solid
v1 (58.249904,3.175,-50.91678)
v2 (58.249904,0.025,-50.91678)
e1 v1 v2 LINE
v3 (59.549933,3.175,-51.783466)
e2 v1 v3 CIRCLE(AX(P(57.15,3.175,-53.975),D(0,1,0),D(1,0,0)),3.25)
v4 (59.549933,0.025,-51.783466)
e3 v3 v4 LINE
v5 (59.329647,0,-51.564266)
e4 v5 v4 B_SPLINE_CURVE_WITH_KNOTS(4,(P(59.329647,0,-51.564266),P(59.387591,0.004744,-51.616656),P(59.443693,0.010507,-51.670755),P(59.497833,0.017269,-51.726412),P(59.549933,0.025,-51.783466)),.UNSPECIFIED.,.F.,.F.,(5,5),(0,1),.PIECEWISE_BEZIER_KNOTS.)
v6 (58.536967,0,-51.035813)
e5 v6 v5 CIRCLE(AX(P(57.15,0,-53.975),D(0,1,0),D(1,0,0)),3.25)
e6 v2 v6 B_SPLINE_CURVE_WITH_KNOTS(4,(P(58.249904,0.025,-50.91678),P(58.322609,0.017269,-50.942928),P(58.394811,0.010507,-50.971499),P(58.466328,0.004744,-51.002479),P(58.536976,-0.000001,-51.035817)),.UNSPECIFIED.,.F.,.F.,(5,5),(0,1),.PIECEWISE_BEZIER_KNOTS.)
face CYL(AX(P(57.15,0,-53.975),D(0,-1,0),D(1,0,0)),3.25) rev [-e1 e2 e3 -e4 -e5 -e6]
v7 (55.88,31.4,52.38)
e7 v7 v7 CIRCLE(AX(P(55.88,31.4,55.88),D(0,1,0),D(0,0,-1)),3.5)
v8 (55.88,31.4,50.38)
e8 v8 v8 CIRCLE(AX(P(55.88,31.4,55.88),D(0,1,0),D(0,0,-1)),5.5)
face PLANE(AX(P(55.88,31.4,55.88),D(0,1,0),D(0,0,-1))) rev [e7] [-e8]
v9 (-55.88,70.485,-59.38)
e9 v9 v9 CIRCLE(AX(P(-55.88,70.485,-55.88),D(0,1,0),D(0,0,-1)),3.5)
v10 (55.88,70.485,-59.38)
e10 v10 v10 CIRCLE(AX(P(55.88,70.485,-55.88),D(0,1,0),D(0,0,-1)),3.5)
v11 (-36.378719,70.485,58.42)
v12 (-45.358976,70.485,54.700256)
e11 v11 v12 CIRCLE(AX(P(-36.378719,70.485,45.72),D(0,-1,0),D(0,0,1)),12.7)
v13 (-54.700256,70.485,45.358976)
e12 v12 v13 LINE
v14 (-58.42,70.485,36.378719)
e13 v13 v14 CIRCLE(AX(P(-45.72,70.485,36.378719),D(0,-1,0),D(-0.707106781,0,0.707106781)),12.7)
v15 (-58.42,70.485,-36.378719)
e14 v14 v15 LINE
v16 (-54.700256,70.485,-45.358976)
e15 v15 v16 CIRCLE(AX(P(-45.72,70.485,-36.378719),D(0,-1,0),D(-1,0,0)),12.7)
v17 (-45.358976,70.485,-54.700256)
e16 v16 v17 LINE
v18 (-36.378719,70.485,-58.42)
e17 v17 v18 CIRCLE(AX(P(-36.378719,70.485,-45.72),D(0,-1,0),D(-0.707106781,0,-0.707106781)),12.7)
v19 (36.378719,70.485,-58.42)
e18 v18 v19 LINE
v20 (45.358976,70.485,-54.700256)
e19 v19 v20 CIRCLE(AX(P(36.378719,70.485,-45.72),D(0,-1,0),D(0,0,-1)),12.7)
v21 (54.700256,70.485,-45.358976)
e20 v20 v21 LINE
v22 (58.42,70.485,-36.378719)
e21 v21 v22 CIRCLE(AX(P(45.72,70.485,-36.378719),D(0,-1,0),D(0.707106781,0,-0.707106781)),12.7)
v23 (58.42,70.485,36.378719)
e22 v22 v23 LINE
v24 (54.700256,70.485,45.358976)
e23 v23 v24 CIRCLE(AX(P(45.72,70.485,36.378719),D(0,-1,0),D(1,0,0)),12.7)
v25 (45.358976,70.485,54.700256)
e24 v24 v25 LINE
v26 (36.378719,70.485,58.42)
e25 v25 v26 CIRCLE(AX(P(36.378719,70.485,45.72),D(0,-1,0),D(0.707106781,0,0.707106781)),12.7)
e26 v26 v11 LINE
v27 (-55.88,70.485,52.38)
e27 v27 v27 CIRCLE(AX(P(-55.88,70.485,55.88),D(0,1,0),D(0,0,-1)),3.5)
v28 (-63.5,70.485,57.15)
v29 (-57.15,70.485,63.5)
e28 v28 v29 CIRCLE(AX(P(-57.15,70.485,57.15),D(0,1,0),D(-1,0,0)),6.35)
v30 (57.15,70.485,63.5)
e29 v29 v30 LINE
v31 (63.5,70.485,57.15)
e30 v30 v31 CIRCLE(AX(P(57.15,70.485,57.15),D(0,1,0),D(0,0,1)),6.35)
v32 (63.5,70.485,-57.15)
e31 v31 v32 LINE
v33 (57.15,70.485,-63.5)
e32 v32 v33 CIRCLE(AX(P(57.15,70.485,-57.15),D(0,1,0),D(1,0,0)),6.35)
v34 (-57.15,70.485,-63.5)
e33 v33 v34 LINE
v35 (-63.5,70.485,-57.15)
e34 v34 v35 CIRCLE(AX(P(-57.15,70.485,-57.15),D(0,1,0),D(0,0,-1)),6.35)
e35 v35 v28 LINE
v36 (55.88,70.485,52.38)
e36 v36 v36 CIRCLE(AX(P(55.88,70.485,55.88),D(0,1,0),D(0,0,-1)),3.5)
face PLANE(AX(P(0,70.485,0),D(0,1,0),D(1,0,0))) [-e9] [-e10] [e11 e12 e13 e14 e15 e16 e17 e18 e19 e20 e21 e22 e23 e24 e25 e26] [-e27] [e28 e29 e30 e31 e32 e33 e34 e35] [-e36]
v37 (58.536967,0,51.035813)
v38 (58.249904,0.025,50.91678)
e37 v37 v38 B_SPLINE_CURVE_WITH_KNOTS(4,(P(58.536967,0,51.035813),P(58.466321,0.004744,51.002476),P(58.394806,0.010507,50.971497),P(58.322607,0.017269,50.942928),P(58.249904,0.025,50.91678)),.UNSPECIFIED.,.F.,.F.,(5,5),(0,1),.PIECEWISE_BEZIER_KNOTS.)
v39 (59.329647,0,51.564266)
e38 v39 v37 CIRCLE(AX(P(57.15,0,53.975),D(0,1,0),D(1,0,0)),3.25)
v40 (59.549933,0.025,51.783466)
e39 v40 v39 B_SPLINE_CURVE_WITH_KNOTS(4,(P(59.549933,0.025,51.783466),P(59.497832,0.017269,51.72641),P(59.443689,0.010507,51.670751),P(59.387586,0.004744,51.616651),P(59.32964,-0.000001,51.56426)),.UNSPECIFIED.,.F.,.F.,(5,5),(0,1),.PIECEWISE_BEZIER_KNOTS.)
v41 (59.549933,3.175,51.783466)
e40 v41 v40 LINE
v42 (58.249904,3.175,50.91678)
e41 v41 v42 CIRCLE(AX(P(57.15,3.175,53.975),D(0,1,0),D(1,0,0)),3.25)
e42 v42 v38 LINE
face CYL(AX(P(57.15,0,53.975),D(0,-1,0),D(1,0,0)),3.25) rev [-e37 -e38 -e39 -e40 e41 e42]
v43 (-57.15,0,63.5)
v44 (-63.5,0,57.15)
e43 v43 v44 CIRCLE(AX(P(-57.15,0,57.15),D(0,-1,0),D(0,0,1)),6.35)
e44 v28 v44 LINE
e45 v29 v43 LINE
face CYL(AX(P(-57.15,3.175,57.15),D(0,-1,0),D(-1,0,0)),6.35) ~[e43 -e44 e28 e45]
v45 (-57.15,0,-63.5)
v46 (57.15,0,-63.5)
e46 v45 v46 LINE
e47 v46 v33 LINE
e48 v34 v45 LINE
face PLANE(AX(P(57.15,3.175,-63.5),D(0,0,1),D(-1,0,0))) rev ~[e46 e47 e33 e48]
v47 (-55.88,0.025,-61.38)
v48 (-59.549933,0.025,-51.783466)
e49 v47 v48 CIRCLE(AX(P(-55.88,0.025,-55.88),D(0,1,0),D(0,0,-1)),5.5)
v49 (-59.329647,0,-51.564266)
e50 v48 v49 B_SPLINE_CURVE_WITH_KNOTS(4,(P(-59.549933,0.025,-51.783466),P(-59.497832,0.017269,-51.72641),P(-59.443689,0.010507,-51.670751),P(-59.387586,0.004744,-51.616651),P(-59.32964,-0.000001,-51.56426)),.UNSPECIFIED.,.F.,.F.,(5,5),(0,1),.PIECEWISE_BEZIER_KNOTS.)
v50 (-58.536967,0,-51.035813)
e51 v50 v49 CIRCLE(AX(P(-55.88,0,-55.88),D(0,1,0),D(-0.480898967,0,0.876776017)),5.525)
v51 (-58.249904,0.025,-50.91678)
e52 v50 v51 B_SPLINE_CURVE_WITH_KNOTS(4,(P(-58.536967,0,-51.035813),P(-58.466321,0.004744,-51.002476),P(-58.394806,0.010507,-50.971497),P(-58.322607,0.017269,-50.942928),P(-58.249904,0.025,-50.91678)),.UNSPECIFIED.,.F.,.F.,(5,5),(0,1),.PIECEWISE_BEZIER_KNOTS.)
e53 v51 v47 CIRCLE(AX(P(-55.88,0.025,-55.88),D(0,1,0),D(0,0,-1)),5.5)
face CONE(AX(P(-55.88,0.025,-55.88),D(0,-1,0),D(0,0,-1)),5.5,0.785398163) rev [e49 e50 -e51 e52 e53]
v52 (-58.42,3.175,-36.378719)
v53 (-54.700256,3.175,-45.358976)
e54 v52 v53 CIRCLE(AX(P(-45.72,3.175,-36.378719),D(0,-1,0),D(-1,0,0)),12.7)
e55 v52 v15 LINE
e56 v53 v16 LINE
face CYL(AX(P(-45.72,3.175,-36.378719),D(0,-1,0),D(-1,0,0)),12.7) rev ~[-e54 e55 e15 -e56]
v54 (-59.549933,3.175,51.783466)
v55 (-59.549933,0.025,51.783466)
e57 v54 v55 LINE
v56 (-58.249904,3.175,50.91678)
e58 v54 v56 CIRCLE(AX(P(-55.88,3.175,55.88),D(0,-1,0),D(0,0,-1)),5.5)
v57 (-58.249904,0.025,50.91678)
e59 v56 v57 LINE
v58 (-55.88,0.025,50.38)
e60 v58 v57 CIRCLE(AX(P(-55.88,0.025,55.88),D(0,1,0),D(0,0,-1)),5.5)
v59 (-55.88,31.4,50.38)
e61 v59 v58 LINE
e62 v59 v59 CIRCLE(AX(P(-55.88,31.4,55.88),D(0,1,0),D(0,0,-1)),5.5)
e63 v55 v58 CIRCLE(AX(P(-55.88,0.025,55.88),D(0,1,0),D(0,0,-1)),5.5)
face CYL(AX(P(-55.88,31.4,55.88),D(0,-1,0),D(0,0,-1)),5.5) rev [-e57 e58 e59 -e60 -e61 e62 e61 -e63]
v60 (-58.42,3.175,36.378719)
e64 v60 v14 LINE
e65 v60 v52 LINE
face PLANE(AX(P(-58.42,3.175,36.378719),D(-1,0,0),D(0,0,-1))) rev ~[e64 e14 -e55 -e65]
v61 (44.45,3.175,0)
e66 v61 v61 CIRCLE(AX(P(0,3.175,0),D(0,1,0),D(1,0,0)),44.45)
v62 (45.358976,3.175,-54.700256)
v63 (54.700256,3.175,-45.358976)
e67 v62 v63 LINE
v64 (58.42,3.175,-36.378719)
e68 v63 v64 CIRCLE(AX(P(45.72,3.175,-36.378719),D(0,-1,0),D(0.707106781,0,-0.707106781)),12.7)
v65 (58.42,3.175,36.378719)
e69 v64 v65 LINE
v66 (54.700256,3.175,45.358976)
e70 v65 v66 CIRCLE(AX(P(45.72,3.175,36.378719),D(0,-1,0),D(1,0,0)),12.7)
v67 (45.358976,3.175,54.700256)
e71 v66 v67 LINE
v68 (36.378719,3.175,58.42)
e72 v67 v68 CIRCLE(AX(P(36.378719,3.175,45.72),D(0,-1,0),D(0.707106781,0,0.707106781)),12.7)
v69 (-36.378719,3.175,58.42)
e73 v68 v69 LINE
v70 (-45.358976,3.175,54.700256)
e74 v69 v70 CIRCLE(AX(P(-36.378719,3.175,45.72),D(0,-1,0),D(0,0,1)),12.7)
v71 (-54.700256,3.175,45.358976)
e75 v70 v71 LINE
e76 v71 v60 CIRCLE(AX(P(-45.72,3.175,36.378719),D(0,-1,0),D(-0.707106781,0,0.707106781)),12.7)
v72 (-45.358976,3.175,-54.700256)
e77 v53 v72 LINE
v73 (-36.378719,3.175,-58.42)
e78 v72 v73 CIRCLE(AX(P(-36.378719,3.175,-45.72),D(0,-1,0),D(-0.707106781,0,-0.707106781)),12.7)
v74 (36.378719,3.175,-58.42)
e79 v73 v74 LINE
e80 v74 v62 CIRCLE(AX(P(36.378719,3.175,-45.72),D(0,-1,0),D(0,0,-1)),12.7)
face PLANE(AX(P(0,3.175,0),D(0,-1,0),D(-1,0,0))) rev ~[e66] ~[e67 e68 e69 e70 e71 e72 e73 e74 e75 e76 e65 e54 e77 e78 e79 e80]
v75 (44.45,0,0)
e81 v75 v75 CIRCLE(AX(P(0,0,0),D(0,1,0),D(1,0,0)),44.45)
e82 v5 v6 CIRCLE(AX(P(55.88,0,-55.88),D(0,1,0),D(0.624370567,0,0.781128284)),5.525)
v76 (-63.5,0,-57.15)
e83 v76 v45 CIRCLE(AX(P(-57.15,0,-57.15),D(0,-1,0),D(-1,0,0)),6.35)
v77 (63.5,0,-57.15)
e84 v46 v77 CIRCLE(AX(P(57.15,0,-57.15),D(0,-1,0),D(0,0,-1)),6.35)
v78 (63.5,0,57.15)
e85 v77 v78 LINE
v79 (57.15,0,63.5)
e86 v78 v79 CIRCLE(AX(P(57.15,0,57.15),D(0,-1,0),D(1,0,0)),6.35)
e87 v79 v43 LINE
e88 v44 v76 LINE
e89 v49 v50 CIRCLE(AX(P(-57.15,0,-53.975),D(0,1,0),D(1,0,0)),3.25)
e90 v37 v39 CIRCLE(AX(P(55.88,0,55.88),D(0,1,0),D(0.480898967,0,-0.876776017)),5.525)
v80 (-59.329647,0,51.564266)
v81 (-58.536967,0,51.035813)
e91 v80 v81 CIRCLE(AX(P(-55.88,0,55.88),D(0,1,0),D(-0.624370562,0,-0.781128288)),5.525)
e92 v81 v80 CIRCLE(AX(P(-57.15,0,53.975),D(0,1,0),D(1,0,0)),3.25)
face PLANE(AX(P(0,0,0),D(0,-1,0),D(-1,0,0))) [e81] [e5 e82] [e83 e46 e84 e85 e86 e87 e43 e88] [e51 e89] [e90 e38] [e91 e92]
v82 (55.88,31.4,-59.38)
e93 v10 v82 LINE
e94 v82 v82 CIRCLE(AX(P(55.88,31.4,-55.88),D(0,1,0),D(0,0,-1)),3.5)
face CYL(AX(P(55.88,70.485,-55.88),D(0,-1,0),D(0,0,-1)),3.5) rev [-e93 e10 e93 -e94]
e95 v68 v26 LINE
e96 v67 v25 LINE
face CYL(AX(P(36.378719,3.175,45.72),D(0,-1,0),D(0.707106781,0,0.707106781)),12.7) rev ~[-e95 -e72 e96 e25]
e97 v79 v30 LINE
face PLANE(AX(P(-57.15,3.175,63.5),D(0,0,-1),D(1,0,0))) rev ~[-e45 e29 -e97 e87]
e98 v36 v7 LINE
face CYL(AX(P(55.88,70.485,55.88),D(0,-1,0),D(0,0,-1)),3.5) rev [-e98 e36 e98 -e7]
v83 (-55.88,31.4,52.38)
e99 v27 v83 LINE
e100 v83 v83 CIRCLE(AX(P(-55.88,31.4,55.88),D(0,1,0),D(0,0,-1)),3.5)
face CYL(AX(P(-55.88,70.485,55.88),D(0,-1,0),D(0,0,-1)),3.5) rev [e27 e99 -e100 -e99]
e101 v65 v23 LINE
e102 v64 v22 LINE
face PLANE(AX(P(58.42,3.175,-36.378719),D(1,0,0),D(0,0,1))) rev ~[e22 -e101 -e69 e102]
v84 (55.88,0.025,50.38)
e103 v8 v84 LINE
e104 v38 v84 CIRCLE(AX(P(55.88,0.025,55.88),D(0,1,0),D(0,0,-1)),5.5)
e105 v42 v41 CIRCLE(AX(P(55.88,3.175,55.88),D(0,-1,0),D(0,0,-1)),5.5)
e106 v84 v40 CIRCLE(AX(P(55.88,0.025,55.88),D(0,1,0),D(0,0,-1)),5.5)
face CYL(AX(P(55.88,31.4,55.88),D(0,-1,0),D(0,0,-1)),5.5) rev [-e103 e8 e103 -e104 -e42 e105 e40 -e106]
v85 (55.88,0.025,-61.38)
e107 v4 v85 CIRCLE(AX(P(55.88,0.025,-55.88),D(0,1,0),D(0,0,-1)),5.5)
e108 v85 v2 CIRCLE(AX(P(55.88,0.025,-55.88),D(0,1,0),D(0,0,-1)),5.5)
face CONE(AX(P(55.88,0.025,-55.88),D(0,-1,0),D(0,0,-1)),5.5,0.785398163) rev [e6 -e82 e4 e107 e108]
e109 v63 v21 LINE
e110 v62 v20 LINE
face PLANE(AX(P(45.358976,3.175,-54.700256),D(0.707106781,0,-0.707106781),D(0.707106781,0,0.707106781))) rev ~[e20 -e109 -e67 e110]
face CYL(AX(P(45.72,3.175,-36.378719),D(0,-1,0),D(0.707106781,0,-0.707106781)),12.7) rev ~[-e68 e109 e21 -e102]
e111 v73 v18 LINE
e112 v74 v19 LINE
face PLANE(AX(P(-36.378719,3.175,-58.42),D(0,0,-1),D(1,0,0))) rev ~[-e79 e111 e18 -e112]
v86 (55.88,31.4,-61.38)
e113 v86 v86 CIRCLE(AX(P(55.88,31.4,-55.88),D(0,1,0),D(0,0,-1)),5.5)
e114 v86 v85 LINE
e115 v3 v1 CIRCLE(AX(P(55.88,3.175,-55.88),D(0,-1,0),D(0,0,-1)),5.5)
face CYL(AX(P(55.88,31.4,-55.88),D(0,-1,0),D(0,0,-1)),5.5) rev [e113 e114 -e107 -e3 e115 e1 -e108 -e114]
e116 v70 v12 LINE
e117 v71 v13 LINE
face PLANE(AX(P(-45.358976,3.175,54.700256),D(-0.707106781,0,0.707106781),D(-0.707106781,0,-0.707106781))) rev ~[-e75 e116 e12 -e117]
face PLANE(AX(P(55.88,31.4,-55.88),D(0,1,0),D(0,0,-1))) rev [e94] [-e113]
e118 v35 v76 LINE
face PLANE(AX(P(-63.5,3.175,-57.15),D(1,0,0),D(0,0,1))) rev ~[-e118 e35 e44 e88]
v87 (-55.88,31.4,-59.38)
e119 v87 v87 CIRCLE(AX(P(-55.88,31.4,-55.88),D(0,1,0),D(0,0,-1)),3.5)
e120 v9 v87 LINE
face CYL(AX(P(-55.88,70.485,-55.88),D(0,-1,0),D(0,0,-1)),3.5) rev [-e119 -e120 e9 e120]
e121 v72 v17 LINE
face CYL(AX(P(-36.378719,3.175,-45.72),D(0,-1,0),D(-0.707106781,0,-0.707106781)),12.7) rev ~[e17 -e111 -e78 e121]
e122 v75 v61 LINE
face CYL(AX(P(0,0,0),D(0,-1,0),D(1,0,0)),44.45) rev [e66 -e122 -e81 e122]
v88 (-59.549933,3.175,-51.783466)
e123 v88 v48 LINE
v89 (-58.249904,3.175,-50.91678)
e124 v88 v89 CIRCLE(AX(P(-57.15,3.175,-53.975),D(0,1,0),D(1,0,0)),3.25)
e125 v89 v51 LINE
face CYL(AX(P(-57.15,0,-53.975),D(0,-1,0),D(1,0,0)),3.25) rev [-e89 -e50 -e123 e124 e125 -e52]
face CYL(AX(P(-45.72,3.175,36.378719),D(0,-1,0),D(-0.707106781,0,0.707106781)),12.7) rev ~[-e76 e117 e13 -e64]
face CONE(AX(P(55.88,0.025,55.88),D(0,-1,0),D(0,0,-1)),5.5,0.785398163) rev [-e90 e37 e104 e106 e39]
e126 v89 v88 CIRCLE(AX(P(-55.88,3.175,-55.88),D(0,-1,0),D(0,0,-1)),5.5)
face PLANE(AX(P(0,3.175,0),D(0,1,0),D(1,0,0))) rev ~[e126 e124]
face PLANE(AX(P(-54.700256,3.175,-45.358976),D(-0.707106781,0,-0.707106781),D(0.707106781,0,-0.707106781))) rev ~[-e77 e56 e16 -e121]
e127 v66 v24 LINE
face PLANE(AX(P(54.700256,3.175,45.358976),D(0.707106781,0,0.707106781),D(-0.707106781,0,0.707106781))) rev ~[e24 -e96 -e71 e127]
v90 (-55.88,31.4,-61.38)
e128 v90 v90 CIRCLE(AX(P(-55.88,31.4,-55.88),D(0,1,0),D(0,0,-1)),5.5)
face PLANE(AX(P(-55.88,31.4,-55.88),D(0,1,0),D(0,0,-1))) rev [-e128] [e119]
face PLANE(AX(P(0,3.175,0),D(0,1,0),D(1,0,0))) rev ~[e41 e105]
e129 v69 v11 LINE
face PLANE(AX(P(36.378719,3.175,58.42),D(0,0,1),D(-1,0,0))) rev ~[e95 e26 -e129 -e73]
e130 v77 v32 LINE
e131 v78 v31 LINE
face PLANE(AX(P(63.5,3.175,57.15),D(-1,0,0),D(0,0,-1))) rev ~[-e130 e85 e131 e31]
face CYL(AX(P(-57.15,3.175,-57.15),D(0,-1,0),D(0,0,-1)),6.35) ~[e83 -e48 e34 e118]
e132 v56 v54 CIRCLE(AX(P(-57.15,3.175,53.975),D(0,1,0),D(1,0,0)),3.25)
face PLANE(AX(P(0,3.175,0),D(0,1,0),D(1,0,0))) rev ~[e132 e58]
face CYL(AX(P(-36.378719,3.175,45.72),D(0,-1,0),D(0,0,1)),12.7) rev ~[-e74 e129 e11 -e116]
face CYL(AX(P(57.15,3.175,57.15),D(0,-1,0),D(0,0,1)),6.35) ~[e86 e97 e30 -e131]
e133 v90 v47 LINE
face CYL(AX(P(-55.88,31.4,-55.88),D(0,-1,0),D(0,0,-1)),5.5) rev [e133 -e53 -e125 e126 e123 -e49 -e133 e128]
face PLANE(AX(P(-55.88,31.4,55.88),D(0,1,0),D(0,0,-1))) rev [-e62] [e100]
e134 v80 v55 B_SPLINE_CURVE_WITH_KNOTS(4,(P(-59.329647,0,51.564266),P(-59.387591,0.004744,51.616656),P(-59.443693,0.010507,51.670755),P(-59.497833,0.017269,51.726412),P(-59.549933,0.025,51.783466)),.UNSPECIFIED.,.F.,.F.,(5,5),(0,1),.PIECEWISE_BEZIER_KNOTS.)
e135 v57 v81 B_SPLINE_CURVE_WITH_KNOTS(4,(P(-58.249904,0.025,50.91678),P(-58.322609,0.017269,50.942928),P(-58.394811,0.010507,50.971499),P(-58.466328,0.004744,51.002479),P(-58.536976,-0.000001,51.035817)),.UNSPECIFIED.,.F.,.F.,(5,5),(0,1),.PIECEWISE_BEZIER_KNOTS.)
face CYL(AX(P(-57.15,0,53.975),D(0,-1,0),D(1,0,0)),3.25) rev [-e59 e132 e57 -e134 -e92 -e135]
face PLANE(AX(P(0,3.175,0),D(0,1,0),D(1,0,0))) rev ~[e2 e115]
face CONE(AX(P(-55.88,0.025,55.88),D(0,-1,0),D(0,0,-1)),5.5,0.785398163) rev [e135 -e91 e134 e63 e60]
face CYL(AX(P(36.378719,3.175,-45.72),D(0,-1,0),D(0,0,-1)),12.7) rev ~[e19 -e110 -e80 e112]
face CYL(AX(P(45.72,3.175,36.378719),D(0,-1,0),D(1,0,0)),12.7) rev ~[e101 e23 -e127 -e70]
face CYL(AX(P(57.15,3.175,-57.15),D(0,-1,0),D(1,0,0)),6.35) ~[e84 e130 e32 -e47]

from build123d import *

# Parameters (mm, degrees)
SKETCH1_R                     = 44.45
SKETCH1_R_2                   = 3.25
BOSS_EXTRUDE1_DEPTH           = 3.175
BOSS_EXTRUDE2_DEPTH           = 67.31
CBORE_FOR_M6_SHCS2_AT_2_COUNT = 2
CBORE_FOR_M6_SHCS2_AT_2_PITCH = 111.76
CBORE_FOR_M6_SHCS2_AT_3_COUNT = 2
CBORE_FOR_M6_SHCS2_AT_3_PITCH = 158.052507731
CBORE_FOR_M6_SHCS2_AT_4_COUNT = 2
CBORE_FOR_M6_SHCS2_AT_4_PITCH = 111.76


with BuildPart() as part:
    # Sketch1 → Boss-Extrude1 (new body)
    with BuildSketch(Plane(origin=(0, 0, 0), x_dir=(1, 0, 0), z_dir=(0, 1, 0))):
        with BuildLine():
            Line((-57.15, 63.5), (57.15, 63.5))
            ThreePointArc((57.15, 63.5), (61.640128061, 61.640128061), (63.5, 57.15))
            Line((63.5, 57.15), (63.5, -57.15))
            ThreePointArc((63.5, -57.15), (61.640128061, -61.640128061), (57.15, -63.5))
            Line((57.15, -63.5), (-57.15, -63.5))
            ThreePointArc((-57.15, -63.5), (-61.640128061, -61.640128061), (-63.5, -57.15))
            Line((-63.5, -57.15), (-63.5, 57.15))
            ThreePointArc((-63.5, 57.15), (-61.640128061, 61.640128061), (-57.15, 63.5))
        make_face()
        Circle(SKETCH1_R, mode=Mode.SUBTRACT)
        with Locations((-57.15, 53.975)):
            Circle(SKETCH1_R_2, mode=Mode.SUBTRACT)
        with Locations((57.15, 53.975)):
            Circle(SKETCH1_R_2, mode=Mode.SUBTRACT)
        with Locations((57.15, -53.975)):
            Circle(SKETCH1_R_2, mode=Mode.SUBTRACT)
        with Locations((-57.15, -53.975)):
            Circle(SKETCH1_R_2, mode=Mode.SUBTRACT)
    extrude(amount=BOSS_EXTRUDE1_DEPTH)

    # Sketch3 → Boss-Extrude2 (add)
    with BuildSketch(Plane(origin=(0, 3.175, 0), x_dir=(1, 0, 0), z_dir=(0, 1, 0))):
        with BuildLine():
            Line((-57.15, -63.5), (57.15, -63.5))
            ThreePointArc((57.15, -63.5), (61.640128061, -61.640128061), (63.5, -57.15))
            Line((63.5, -57.15), (63.5, 57.15))
            ThreePointArc((63.5, 57.15), (61.640128061, 61.640128061), (57.15, 63.5))
            Line((57.15, 63.5), (-57.15, 63.5))
            ThreePointArc((-57.15, 63.5), (-61.640128061, 61.640128061), (-63.5, 57.15))
            Line((-63.5, 57.15), (-63.5, -57.15))
            ThreePointArc((-63.5, -57.15), (-61.640128061, -61.640128061), (-57.15, -63.5))
        make_face()
        with BuildLine():
            Line((-54.700256121, 45.358975516), (-45.358975516, 54.700256121))
            ThreePointArc((-45.358975516, 54.700256121), (-41.238798986, 57.453270063), (-36.378719395, 58.42))
            Line((-36.378719395, 58.42), (36.378719395, 58.42))
            ThreePointArc((36.378719395, 58.42), (41.238798986, 57.453270063), (45.358975516, 54.700256121))
            Line((45.358975516, 54.700256121), (54.700256121, 45.358975516))
            ThreePointArc((54.700256121, 45.358975516), (57.453270063, 41.238798986), (58.42, 36.378719395))
            Line((58.42, 36.378719395), (58.42, -36.378719395))
            ThreePointArc((58.42, -36.378719395), (57.453270063, -41.238798986), (54.700256121, -45.358975516))
            Line((54.700256121, -45.358975516), (45.358975516, -54.700256121))
            ThreePointArc((45.358975516, -54.700256121), (41.238798986, -57.453270063), (36.378719395, -58.42))
            Line((36.378719395, -58.42), (-36.378719395, -58.42))
            ThreePointArc((-36.378719395, -58.42), (-41.238798986, -57.453270063), (-45.358975516, -54.700256121))
            Line((-45.358975516, -54.700256121), (-54.700256121, -45.358975516))
            ThreePointArc((-54.700256121, -45.358975516), (-57.453270063, -41.238798986), (-58.42, -36.378719395))
            Line((-58.42, -36.378719395), (-58.42, 36.378719395))
            ThreePointArc((-58.42, 36.378719395), (-57.453270063, 41.238798986), (-54.700256121, 45.358975516))
        make_face(mode=Mode.SUBTRACT)
    extrude(amount=BOSS_EXTRUDE2_DEPTH)

    # Sketch9 → CBORE for M6 SHCS2 (revolve, cut)
    with BuildSketch(Plane(origin=(55.88, 0, -55.88), x_dir=(0, 0, -1), z_dir=(1, 0, 0))):
        Polygon((0, 0), (0, 70.485), (3.5, 70.485), (3.5, 31.4), (5.5, 31.4), (5.5, 0.025), (5.525, 0), align=None)
    cbore_for_m6_shcs2 = revolve(axis=Axis((55.88, -6.35, -55.88), (0, 1, 0)), mode=Mode.SUBTRACT)

    # CBORE for M6 SHCS2 at 2: CBORE for M6 SHCS2 ×2
    with Locations(*[(-i * CBORE_FOR_M6_SHCS2_AT_2_PITCH, 0, 0) for i in range(1, CBORE_FOR_M6_SHCS2_AT_2_COUNT)]):
        add(cbore_for_m6_shcs2, mode=Mode.SUBTRACT)

    # CBORE for M6 SHCS2 at 3: CBORE for M6 SHCS2 ×2
    with Locations(*[Vector(-0.707106781, 0, 0.707106781) * (i * CBORE_FOR_M6_SHCS2_AT_3_PITCH) for i in range(1, CBORE_FOR_M6_SHCS2_AT_3_COUNT)]):
        add(cbore_for_m6_shcs2, mode=Mode.SUBTRACT)

    # CBORE for M6 SHCS2 at 4: CBORE for M6 SHCS2 ×2
    with Locations(*[(0, 0, i * CBORE_FOR_M6_SHCS2_AT_4_PITCH) for i in range(1, CBORE_FOR_M6_SHCS2_AT_4_COUNT)]):
        add(cbore_for_m6_shcs2, mode=Mode.SUBTRACT)


solid = part.part
